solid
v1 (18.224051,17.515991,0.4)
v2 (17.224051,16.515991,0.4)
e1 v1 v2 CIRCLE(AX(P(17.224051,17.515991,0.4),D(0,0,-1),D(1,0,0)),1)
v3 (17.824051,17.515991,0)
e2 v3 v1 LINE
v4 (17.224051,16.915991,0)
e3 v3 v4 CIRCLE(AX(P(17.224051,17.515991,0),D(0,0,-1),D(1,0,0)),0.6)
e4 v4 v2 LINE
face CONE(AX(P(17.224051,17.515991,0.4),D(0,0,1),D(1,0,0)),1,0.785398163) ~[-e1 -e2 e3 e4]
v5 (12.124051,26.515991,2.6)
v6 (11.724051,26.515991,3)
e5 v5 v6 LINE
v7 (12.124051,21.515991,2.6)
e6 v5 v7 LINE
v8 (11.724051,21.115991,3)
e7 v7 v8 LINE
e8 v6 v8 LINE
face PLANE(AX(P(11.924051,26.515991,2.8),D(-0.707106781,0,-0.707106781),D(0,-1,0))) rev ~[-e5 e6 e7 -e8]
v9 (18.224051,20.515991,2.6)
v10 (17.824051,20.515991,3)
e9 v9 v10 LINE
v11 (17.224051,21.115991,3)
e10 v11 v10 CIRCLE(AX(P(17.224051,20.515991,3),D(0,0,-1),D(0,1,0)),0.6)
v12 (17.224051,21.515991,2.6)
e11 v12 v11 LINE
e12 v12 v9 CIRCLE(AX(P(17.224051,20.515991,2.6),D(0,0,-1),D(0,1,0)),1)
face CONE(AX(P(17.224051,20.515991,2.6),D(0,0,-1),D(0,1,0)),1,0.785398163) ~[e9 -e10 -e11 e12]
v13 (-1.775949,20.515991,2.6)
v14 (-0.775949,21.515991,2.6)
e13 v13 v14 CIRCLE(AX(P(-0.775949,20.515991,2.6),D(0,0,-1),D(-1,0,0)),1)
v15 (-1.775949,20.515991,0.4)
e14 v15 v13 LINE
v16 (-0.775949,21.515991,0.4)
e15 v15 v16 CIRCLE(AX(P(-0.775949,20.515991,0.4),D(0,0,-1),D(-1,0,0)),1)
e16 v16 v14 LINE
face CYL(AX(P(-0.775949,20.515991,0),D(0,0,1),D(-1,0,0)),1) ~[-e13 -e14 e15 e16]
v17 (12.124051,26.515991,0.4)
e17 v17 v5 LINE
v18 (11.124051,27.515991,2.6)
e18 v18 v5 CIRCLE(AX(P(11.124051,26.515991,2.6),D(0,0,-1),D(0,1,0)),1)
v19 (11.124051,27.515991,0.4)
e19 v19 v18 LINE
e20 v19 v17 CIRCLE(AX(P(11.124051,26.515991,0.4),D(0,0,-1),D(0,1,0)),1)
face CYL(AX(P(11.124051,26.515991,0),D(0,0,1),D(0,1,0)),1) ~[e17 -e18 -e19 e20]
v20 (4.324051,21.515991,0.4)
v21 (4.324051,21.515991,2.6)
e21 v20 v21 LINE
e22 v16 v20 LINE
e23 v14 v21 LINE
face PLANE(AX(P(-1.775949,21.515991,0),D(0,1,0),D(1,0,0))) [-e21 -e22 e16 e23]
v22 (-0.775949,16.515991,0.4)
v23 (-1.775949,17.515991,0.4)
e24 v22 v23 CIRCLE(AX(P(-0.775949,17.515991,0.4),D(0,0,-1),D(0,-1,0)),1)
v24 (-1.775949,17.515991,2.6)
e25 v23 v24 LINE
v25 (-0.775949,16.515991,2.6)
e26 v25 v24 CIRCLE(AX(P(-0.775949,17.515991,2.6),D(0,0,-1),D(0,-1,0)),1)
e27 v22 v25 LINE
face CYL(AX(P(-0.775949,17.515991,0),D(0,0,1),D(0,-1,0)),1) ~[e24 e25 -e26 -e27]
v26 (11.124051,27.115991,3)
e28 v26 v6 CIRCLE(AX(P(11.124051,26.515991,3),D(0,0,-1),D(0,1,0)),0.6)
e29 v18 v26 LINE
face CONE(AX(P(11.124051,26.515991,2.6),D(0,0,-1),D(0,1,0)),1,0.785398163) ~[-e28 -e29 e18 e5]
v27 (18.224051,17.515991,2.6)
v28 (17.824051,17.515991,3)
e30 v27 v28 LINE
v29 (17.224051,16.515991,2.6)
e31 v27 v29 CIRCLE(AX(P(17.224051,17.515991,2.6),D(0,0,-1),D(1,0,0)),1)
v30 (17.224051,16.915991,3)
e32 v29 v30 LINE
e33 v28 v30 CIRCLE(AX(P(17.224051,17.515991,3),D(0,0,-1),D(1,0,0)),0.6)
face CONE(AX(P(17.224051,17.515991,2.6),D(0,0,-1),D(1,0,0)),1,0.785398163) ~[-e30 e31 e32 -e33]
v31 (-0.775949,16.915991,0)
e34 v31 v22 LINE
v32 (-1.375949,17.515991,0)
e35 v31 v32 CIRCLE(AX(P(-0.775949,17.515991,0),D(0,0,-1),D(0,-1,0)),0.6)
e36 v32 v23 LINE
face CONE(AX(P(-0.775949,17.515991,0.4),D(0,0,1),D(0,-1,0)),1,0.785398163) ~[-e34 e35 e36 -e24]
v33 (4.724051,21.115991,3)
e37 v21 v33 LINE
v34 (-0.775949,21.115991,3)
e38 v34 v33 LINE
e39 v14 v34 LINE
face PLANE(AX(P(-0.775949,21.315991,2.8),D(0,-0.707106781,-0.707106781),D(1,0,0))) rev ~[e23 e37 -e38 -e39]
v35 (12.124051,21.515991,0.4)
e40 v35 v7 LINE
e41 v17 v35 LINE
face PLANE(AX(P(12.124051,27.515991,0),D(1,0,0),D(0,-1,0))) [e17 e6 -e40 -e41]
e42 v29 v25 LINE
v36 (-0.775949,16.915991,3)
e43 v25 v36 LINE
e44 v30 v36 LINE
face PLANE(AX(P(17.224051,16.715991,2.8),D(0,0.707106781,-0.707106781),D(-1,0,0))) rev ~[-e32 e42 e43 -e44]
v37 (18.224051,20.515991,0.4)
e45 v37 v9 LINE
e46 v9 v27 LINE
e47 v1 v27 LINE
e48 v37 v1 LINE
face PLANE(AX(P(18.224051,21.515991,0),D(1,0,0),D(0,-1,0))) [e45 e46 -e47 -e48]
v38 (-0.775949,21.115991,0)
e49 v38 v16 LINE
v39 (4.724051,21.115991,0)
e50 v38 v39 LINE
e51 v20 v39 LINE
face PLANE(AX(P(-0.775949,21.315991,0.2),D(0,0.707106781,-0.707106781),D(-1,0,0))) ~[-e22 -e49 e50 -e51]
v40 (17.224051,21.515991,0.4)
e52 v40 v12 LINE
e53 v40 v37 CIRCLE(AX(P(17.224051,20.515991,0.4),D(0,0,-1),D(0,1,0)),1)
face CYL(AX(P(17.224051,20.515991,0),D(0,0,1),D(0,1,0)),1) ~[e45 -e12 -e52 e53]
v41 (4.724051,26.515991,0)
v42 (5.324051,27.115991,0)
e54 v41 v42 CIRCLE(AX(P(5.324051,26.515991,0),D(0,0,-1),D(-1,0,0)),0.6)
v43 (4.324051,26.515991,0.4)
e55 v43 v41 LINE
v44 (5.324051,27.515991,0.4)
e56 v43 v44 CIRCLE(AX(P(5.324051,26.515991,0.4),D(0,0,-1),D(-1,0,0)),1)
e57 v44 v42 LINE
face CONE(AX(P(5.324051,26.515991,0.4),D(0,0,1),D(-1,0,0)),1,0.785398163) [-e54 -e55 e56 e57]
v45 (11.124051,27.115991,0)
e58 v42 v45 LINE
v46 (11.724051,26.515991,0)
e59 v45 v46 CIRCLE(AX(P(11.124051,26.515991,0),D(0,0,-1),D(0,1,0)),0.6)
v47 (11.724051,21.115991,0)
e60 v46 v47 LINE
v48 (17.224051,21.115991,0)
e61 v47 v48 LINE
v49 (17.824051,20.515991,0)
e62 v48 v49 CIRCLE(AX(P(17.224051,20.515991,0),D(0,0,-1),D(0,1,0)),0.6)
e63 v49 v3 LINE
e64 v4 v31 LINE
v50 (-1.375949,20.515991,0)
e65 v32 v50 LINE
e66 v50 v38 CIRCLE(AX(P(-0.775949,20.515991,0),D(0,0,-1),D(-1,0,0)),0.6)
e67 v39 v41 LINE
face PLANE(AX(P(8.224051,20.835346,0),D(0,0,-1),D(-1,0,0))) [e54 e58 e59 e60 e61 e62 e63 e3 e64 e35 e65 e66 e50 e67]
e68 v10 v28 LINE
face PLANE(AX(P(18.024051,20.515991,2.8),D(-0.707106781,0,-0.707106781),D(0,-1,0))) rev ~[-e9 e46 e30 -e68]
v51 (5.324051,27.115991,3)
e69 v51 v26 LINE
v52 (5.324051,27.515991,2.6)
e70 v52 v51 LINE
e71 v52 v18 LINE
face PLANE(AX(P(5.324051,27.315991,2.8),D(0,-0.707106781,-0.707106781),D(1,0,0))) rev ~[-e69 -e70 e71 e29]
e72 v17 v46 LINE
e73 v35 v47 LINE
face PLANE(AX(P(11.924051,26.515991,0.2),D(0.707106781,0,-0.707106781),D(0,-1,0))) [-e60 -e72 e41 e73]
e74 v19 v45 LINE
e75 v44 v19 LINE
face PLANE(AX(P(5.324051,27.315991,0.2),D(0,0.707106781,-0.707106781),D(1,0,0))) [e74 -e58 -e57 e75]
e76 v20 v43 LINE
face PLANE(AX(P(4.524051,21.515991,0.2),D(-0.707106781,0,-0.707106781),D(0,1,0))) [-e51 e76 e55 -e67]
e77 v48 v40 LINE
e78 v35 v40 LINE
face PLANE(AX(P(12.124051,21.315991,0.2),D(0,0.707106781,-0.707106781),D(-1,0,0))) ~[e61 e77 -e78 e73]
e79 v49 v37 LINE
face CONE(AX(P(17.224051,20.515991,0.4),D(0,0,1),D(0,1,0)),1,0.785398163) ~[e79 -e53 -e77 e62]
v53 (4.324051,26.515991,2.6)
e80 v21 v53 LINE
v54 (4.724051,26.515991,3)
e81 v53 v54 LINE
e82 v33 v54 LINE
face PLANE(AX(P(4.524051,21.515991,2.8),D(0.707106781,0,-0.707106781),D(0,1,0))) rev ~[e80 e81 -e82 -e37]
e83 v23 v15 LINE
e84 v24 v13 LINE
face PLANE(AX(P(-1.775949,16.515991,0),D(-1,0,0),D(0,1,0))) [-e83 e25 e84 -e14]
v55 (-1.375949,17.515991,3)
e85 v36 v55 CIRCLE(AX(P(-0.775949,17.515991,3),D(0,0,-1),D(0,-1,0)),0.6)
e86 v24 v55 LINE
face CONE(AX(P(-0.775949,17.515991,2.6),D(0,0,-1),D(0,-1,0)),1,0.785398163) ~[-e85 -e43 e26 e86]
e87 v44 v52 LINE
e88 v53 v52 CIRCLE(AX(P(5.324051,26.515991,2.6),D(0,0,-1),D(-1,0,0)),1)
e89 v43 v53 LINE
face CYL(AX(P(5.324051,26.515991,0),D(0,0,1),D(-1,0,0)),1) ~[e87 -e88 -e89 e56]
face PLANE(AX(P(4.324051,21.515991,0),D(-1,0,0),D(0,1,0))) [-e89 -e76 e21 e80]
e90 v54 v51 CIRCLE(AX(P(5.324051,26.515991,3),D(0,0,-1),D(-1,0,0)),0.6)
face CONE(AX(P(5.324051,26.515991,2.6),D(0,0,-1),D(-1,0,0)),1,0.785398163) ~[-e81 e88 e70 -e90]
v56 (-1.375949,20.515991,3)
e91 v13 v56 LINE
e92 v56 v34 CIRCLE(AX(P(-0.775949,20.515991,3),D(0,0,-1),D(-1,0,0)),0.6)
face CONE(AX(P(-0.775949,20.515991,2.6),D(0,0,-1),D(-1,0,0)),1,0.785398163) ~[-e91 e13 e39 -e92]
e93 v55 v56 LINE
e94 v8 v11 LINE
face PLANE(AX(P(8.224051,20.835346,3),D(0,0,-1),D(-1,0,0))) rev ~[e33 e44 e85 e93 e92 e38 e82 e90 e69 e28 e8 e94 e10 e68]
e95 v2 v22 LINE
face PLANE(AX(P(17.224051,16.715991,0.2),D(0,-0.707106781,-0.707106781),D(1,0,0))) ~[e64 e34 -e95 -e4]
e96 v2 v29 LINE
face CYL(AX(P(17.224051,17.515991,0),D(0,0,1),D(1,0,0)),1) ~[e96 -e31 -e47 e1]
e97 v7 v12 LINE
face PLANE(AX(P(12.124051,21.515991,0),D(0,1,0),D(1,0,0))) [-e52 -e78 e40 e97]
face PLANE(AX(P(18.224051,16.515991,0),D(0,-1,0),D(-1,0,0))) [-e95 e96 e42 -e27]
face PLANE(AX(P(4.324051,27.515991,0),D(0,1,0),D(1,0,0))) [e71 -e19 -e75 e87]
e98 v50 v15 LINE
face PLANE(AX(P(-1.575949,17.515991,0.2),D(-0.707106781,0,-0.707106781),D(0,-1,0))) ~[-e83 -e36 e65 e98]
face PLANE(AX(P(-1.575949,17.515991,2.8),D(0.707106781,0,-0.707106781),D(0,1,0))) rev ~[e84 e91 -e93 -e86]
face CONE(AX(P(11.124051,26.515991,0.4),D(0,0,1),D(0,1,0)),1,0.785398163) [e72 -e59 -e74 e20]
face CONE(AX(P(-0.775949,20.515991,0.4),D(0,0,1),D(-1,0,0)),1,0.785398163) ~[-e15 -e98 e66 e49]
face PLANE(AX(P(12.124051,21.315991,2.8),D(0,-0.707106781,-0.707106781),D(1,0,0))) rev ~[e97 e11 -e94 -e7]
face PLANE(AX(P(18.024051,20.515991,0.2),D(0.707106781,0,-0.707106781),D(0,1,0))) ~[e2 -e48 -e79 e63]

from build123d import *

# Parameters (mm, degrees)
PAD_DEPTH    = 3
FILLET_R     = 1
CHAMFER_SIZE = 0.4


with BuildPart() as part:
    # Sketch → Pad (new body)
    with BuildSketch(Plane.XY):
        Polygon((4.324051, 21.515991), (4.324051, 27.515991), (12.124051, 27.515991), (12.124051, 21.515991), (18.224051, 21.515991), (18.224051, 16.515991), (-1.775949, 16.515991), (-1.775949, 21.515991), align=None)
    extrude(amount=PAD_DEPTH)

    # Fillet
    fillet_edges = [part.edges().sort_by_distance(p)[0] for p in [
        (18.224051, 21.515991, 1.5),
        (12.124051, 27.515991, 1.5),
        (4.324051, 27.515991, 1.5),
        (18.224051, 16.515991, 1.5),
        (-1.775949, 21.515991, 1.5),
        (-1.775949, 16.515991, 1.5),
    ]]
    fillet(fillet_edges, radius=FILLET_R)

    # Chamfer
    chamfer_edges = [part.edges().sort_by_distance(p)[0] for p in [
        (4.324051, 24.015991, 3),
        (4.616944, 27.223098, 3),
        (1.774051, 21.515991, 3),
        (8.224051, 27.515991, 3),
        (-1.483056, 21.223098, 3),
        (11.831158, 27.223098, 3),
        (-1.775949, 19.015991, 3),
        (12.124051, 24.015991, 3),
        (-1.483056, 16.808884, 3),
        (14.674051, 21.515991, 3),
        (8.224051, 16.515991, 3),
        (17.931158, 21.223098, 3),
        (17.931158, 16.808884, 3),
        (18.224051, 19.015991, 3),
        (4.324051, 24.015991, 0),
        (4.616944, 27.223098, 0),
        (1.774051, 21.515991, 0),
        (8.224051, 27.515991, 0),
        (-1.483056, 21.223098, 0),
        (11.831158, 27.223098, 0),
        (-1.775949, 19.015991, 0),
        (12.124051, 24.015991, 0),
        (-1.483056, 16.808884, 0),
        (14.674051, 21.515991, 0),
        (8.224051, 16.515991, 0),
        (17.931158, 21.223098, 0),
        (17.931158, 16.808884, 0),
        (18.224051, 19.015991, 0),
    ]]
    chamfer(chamfer_edges, length=CHAMFER_SIZE)


solid = part.part
